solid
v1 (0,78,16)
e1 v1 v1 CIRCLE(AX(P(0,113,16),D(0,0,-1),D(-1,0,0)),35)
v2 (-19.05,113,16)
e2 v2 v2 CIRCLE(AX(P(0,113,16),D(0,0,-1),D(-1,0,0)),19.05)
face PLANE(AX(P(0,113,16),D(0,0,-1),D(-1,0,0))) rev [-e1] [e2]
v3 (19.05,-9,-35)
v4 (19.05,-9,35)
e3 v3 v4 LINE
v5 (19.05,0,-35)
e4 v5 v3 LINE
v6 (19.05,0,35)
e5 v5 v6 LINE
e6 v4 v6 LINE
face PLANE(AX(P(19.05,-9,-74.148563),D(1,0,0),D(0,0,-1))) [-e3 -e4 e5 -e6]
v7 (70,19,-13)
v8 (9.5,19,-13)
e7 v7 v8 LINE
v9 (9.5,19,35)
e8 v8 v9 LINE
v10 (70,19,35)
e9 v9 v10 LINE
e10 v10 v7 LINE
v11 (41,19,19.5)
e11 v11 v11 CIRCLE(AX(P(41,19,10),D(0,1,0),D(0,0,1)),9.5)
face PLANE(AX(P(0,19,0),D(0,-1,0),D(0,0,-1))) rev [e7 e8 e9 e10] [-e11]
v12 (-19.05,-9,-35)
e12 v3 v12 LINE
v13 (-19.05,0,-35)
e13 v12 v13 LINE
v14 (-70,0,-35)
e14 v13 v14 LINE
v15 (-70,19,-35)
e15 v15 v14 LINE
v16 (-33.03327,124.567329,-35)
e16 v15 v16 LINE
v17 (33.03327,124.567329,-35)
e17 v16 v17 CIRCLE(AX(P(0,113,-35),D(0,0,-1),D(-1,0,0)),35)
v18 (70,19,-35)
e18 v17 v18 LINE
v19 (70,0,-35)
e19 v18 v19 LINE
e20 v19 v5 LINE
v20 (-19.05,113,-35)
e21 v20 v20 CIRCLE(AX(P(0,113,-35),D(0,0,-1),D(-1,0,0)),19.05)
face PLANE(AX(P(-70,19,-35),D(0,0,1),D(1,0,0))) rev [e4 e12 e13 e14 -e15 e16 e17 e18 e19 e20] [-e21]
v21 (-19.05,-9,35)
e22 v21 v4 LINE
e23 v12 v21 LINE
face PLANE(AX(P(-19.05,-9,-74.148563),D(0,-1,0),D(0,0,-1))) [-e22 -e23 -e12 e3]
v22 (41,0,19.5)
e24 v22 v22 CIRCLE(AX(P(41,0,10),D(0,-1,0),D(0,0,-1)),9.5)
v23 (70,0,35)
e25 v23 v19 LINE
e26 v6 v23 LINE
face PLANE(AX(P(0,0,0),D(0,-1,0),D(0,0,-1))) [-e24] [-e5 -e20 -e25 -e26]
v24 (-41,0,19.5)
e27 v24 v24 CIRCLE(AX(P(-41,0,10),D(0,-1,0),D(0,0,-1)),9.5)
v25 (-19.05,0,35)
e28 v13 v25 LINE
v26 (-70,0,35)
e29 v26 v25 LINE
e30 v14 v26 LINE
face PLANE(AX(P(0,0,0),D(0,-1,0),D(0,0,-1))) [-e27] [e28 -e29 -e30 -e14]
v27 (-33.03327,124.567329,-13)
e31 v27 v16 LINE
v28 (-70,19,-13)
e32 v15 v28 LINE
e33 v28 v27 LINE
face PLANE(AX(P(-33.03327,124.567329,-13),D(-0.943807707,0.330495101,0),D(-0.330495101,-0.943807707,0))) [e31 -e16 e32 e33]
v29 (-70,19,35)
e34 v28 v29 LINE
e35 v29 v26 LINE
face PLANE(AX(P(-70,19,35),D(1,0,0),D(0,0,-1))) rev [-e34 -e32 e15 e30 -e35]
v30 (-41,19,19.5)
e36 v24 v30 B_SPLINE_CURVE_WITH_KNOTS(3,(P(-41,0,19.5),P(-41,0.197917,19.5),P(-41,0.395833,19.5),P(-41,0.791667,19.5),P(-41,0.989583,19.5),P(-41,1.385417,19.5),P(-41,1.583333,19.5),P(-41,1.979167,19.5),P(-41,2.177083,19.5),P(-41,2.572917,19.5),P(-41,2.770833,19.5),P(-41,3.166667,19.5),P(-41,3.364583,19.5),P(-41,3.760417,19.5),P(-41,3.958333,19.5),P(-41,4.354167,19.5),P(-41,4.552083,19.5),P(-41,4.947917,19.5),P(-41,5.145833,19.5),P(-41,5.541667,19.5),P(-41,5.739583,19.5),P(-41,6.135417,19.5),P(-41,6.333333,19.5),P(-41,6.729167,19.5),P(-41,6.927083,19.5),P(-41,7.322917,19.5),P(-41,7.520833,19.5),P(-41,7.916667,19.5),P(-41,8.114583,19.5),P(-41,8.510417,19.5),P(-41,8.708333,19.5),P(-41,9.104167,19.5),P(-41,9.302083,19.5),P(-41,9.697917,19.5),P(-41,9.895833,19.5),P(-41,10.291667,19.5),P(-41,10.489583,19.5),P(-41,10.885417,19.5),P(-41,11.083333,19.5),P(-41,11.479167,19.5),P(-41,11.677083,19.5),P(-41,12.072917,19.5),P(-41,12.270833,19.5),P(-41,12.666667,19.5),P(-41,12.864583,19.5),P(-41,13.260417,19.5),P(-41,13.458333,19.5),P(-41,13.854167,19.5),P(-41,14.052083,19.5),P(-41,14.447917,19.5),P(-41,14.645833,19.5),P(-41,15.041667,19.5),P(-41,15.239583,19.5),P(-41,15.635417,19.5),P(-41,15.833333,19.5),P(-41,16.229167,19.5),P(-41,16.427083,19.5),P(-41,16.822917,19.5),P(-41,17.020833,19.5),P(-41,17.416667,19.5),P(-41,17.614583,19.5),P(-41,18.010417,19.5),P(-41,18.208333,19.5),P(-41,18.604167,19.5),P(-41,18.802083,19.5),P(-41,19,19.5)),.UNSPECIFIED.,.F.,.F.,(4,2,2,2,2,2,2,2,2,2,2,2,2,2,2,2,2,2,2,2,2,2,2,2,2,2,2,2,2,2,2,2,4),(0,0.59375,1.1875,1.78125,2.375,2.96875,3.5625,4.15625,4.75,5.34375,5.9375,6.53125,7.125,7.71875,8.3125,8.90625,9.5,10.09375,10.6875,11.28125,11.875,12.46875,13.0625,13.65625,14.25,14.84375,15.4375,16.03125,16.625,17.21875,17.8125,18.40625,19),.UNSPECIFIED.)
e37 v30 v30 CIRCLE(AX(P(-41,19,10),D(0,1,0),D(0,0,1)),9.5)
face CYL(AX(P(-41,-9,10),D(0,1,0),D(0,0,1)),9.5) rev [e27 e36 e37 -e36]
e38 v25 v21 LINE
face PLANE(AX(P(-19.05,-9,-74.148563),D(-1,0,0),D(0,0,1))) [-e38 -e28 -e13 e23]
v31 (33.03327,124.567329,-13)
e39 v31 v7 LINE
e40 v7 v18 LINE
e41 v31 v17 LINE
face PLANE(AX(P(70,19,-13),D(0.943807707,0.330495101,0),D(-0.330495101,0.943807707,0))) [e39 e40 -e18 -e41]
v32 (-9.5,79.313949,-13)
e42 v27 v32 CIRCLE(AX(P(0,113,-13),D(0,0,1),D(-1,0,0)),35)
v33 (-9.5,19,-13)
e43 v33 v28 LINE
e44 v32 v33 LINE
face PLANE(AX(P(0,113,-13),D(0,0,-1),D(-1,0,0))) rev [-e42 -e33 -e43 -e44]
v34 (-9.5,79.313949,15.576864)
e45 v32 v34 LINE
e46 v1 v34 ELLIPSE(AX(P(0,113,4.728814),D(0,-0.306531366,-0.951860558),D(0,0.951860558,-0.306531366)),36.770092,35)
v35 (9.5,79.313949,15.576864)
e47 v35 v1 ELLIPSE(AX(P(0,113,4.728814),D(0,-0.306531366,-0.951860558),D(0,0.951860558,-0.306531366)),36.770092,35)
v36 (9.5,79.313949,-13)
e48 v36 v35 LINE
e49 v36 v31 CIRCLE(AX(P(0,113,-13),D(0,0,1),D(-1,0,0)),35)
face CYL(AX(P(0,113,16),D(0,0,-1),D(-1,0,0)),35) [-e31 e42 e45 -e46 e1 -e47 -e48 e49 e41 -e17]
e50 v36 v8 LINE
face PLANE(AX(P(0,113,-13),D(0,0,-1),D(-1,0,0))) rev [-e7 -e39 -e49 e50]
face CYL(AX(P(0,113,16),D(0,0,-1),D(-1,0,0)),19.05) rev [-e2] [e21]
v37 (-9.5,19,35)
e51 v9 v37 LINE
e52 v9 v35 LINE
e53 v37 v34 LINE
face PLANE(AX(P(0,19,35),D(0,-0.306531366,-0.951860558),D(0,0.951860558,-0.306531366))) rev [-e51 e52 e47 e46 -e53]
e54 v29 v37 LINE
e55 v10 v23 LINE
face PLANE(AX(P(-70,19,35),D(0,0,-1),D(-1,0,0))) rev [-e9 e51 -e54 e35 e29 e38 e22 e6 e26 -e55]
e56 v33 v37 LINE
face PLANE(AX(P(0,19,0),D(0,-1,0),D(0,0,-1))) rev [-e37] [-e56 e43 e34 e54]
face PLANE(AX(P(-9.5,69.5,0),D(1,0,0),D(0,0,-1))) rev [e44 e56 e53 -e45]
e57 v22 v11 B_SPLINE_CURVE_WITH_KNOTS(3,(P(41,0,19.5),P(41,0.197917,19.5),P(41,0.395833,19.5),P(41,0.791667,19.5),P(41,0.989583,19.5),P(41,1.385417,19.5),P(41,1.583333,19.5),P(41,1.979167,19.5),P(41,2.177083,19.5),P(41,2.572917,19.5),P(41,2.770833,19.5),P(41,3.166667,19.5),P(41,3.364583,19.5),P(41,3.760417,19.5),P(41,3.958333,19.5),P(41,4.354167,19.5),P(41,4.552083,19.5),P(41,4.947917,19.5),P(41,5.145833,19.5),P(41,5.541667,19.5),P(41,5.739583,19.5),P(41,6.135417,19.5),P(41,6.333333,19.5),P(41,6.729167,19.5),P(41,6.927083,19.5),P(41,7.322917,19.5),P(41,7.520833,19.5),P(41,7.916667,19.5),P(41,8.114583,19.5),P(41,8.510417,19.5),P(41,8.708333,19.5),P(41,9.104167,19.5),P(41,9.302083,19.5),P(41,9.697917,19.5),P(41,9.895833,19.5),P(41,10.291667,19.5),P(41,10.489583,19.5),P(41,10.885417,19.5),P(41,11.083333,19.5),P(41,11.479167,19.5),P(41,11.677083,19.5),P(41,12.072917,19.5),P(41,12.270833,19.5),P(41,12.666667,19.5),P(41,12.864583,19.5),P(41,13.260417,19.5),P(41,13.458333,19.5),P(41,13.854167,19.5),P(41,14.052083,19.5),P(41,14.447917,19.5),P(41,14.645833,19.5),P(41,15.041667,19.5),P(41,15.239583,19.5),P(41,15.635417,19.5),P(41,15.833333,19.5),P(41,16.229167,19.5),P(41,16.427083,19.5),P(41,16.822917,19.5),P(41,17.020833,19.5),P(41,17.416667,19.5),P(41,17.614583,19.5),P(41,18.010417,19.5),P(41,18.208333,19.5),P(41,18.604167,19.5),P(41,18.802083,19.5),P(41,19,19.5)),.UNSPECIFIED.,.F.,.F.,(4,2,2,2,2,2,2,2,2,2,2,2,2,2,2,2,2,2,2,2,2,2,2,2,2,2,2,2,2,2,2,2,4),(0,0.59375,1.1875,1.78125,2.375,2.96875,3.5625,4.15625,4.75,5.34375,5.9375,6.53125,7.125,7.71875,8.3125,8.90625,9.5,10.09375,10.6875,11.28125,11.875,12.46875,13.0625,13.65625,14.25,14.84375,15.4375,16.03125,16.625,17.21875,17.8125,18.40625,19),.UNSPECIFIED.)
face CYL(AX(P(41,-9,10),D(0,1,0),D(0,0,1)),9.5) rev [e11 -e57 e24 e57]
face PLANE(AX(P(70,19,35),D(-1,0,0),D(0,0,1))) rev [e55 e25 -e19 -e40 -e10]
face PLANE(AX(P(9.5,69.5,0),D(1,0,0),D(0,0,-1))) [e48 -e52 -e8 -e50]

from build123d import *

# Parameters (mm, degrees)
SKETCH1_W           = 140
SKETCH1_H           = 70
BOSS_EXTRUDE1_DEPTH = 19
SKETCH2_W           = 38.1
SKETCH2_H           = 9
BOSS_EXTRUDE2_DEPTH = 70
SKETCH3_R           = 9.5
CUT_EXTRUDE1_DEPTH  = 84.120394609
SKETCH4_R           = 35
SKETCH4_R_2         = 19.05
BOSS_EXTRUDE3_DEPTH = 51
BOSS_EXTRUDE4_DEPTH = 22
RIB5_REACH          = 169.419
SKETCH10_WALL_W     = 398.82114278
SKETCH10_WALL_H     = 19


with BuildPart() as part:
    # Sketch1 → Boss-Extrude1 (new body)
    with BuildSketch(Plane(origin=(0, 0, 0), x_dir=(1, 0, 0), z_dir=(0, 1, 0))):
        Rectangle(SKETCH1_W, SKETCH1_H)
    extrude(amount=BOSS_EXTRUDE1_DEPTH)

    # Sketch2 → Boss-Extrude2 (add)
    with BuildSketch(Plane.XY.offset(35)):
        with Locations((0, -4.5)):
            Rectangle(SKETCH2_W, SKETCH2_H)
    extrude(amount=-BOSS_EXTRUDE2_DEPTH)

    # Sketch3 → Cut-Extrude1 (cut, through all)
    with BuildSketch(Plane(origin=(0, 19, 0), x_dir=(1, 0, 0), z_dir=(0, 1, 0))):
        with Locations(Location((41, -10, 0), (0, 0, 270))):
            Circle(SKETCH3_R)
        with Locations(Location((-41, -10, 0), (0, 0, 270))):
            Circle(SKETCH3_R)
    extrude(amount=-CUT_EXTRUDE1_DEPTH, mode=Mode.SUBTRACT)



with BuildPart() as body_2:
    # Sketch4 → Boss-Extrude3 (new body)
    with BuildSketch(Plane(origin=(0, 0, -35), x_dir=(-1, 0, 0), z_dir=(0, 0, -1))):
        with Locations((0, 113)):
            Circle(SKETCH4_R)
        with Locations((0, 113)):
            Circle(SKETCH4_R_2, mode=Mode.SUBTRACT)
    extrude(amount=-BOSS_EXTRUDE3_DEPTH)


with BuildPart() as part_1:
    add(part.part)

    add(body_2.part)  # Boss-Extrude4 merges body 2
    # Sketch7 → Boss-Extrude4 (add)
    with BuildSketch(Plane(origin=(0, 0, -35), x_dir=(-1, 0, 0), z_dir=(0, 0, -1))):
        with BuildLine():
            Line((-70, 19), (-33.033269752, 124.567328538))
            ThreePointArc((-33.033269752, 124.567328538), (0, 78), (33.033269752, 124.567328538))
            Line((33.033269752, 124.567328538), (70, 19))
            Line((70, 19), (-70, 19))
        make_face()
    extrude(amount=-BOSS_EXTRUDE4_DEPTH)

    # Sketch10 wall → Rib5 (add, up to next)
    with BuildSketch(Plane(origin=(0, 48.5, 25.5), x_dir=(0, 0.951860557857, -0.306531366089), z_dir=(0, 0.306531366089, 0.951860557857)), mode=Mode.PRIVATE) as rib5_sk1:
        Rectangle(SKETCH10_WALL_W, SKETCH10_WALL_H)
    rib5_tool1 = extrude(rib5_sk1.sketch, amount=-RIB5_REACH, mode=Mode.PRIVATE) - part_1.part
    add(rib5_tool1.solids().sort_by_distance((0, 48.5, 25.5))[0])


solid = part_1.part
